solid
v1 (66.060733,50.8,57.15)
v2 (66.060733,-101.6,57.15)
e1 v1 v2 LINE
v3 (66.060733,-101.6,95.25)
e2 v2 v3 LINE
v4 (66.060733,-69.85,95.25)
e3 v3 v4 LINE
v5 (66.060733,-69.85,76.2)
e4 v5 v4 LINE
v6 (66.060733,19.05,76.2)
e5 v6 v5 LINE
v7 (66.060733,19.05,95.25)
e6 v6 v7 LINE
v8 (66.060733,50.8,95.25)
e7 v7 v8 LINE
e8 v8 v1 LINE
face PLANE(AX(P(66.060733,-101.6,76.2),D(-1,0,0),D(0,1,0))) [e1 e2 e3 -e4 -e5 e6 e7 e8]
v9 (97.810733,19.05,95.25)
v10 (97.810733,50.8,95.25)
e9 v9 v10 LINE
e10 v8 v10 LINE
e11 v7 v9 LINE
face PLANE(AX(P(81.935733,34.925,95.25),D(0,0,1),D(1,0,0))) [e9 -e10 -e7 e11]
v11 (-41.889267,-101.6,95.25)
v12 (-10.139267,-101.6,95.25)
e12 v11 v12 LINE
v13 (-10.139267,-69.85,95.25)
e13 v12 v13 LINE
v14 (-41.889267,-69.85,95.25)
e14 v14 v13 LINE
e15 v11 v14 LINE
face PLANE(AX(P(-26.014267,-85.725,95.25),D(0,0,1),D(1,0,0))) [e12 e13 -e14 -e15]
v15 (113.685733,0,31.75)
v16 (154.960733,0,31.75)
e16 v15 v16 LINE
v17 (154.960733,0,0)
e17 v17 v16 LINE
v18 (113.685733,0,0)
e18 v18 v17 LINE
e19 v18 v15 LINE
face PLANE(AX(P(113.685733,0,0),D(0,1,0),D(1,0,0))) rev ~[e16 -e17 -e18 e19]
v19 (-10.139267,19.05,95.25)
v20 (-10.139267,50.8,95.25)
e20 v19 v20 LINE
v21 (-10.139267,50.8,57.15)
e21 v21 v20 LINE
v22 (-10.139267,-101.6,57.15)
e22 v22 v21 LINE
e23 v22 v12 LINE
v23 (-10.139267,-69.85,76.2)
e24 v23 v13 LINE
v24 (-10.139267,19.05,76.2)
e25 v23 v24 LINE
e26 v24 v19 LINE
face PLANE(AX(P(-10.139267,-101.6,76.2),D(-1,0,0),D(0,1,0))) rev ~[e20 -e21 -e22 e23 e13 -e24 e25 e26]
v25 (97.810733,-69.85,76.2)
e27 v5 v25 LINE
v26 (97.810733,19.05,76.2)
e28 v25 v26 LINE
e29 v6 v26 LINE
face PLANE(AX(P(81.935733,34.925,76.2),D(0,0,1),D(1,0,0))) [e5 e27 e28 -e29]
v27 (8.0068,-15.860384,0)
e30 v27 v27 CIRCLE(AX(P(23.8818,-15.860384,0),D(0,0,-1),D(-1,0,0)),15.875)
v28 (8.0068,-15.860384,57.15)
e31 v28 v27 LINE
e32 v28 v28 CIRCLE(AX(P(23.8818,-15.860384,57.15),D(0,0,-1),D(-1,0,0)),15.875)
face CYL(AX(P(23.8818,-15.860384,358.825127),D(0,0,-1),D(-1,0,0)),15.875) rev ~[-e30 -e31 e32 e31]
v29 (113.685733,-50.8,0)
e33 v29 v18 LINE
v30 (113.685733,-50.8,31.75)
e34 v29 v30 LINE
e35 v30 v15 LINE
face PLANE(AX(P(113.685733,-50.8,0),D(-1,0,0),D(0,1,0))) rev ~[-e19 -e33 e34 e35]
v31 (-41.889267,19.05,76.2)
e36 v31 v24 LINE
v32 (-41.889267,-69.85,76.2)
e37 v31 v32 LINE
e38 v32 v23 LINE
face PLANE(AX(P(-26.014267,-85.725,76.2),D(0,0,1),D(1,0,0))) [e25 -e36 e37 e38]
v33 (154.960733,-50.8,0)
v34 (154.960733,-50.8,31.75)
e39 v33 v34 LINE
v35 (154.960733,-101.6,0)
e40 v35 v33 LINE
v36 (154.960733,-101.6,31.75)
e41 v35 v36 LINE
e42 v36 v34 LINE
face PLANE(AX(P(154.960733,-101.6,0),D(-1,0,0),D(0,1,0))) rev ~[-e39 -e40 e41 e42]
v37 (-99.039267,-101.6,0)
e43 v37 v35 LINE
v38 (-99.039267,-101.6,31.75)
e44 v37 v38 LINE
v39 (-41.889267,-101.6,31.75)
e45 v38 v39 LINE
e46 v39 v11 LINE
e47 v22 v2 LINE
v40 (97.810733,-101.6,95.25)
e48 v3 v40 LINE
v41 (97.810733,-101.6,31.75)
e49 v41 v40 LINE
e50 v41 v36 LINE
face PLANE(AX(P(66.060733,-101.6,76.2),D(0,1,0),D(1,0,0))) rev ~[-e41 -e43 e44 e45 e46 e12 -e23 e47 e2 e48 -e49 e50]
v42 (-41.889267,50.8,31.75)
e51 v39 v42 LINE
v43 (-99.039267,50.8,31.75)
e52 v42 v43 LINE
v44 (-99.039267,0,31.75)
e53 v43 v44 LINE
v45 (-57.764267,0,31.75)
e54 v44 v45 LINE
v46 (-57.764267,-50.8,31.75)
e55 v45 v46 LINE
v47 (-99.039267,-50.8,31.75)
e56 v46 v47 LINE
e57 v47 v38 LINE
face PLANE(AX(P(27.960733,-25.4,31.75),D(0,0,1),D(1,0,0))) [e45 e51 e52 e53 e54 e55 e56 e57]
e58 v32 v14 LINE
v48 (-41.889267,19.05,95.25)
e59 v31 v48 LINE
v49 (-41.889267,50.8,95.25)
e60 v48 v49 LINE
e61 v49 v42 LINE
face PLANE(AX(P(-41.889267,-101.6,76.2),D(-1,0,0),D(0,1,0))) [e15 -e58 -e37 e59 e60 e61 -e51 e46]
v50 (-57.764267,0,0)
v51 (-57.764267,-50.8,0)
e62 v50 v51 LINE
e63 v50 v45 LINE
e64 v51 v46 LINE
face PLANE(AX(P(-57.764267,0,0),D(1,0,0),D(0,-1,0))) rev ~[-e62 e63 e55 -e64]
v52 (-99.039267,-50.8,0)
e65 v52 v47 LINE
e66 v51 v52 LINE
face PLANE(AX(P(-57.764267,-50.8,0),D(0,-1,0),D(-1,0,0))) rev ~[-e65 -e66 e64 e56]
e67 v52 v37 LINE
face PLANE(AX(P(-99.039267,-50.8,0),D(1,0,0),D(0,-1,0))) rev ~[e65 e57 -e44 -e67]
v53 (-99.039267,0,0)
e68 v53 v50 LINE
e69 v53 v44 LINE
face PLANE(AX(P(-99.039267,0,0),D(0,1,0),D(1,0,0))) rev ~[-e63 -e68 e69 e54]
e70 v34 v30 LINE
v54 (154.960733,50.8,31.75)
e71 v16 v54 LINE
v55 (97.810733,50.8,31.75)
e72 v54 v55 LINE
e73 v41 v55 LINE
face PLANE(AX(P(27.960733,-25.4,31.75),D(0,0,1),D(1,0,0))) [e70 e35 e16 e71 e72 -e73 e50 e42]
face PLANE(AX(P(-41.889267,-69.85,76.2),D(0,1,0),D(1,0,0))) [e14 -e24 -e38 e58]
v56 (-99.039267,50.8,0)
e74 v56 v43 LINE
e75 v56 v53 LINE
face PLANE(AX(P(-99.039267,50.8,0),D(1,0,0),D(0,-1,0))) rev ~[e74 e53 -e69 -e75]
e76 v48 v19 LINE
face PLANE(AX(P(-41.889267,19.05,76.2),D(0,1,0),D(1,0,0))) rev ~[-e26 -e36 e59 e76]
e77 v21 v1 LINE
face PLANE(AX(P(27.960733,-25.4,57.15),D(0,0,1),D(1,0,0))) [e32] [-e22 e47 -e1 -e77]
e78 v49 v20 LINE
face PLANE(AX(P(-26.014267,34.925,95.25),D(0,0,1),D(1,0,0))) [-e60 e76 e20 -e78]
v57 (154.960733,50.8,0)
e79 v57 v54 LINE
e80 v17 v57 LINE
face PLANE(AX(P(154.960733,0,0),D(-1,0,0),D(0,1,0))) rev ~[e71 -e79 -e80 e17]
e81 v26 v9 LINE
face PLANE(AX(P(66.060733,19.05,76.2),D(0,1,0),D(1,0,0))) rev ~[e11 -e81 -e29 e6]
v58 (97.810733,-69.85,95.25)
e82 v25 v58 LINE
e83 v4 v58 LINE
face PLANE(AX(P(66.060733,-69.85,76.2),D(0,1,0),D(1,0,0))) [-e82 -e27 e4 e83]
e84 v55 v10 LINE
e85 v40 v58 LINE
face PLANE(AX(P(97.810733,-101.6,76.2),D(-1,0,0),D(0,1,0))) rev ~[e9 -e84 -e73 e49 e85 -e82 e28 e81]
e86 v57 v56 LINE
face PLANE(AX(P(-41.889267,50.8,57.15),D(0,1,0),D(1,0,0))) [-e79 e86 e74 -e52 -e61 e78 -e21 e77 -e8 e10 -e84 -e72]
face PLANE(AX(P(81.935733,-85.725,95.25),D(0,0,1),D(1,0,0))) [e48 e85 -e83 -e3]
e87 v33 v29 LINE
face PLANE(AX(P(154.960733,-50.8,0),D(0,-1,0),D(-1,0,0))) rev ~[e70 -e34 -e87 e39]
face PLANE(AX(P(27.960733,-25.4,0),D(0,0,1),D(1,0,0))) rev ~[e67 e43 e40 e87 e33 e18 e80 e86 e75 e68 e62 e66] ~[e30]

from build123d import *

# Parameters (mm, degrees)
F1_DEPTH  = 31.75
F2_W      = 139.7
F2_H      = 152.4
F3_DEPTH  = 25.4
F5_D      = 31.75
F6_W      = 31.75
F6_H      = 31.75
F6_H_2    = 88.9
F7_DEPTH  = 19.05
F8_W      = 31.75
F8_H      = 31.75
F9_DEPTH  = 19.05
F10_W     = 31.75
F10_H     = 31.75
F11_DEPTH = 19.05


with BuildPart() as f1:
    # F0 (on Top) → F1 (new body)
    with BuildSketch(Plane.XY):
        Polygon((154.9607325792, 50.8), (-99.0392674208, 50.8), (-99.0392674208, 0), (-57.7642674208, 0), (-57.7642674208, -50.8), (-99.0392674208, -50.8), (-99.0392674208, -101.6), (154.9607325792, -101.6), (154.9607325792, -50.8), (113.6857325792, -50.8), (113.6857325792, 0), (154.9607325792, 0), align=None)
    extrude(amount=F1_DEPTH)

    # F2 (on face) → F3 (join)
    with BuildSketch(Plane.XY.offset(31.75)):
        with Locations((27.9607325792, -25.4)):
            Rectangle(F2_W, F2_H)
    extrude(amount=F3_DEPTH)

    # F5 (through all)
    with Locations(Plane.XY.offset(57.15)):
        with Locations((23.8818004727, -15.8603843302)):
            Hole(F5_D / 2)

    # F6 (on face) → F7 (join)
    with BuildSketch(Plane.XY.offset(57.15)):
        with Locations((-26.0142674208, -85.725)):
            Rectangle(F6_W, F6_H)
        with Locations((-26.0142674208, 34.925)):
            Rectangle(F6_W, F6_H)
        with Locations((81.9357325792, 34.925)):
            Rectangle(F6_W, F6_H)
        with Locations((81.9357325792, -85.725)):
            Rectangle(F6_W, F6_H)
        with Locations((-26.0142674208, -25.4)):
            Rectangle(F6_W, F6_H_2)
        with Locations((81.9357325792, -25.4)):
            Rectangle(F6_W, F6_H_2)
    extrude(amount=F7_DEPTH)

    # F8 (on face) → F9 (join)
    with BuildSketch(Plane.XY.offset(76.2)):
        with Locations((-26.0142674208, -85.725)):
            Rectangle(F8_W, F8_H)
        with Locations((-26.0142674208, 34.925)):
            Rectangle(F8_W, F8_H)
    extrude(amount=F9_DEPTH)

    # F10 (on face) → F11 (join)
    with BuildSketch(Plane.XY.offset(76.2)):
        with Locations((81.9357325792, -85.725)):
            Rectangle(F10_W, F10_H)
        with Locations((81.9357325792, 34.925)):
            Rectangle(F10_W, F10_H)
    extrude(amount=F11_DEPTH)


solid = f1.part
